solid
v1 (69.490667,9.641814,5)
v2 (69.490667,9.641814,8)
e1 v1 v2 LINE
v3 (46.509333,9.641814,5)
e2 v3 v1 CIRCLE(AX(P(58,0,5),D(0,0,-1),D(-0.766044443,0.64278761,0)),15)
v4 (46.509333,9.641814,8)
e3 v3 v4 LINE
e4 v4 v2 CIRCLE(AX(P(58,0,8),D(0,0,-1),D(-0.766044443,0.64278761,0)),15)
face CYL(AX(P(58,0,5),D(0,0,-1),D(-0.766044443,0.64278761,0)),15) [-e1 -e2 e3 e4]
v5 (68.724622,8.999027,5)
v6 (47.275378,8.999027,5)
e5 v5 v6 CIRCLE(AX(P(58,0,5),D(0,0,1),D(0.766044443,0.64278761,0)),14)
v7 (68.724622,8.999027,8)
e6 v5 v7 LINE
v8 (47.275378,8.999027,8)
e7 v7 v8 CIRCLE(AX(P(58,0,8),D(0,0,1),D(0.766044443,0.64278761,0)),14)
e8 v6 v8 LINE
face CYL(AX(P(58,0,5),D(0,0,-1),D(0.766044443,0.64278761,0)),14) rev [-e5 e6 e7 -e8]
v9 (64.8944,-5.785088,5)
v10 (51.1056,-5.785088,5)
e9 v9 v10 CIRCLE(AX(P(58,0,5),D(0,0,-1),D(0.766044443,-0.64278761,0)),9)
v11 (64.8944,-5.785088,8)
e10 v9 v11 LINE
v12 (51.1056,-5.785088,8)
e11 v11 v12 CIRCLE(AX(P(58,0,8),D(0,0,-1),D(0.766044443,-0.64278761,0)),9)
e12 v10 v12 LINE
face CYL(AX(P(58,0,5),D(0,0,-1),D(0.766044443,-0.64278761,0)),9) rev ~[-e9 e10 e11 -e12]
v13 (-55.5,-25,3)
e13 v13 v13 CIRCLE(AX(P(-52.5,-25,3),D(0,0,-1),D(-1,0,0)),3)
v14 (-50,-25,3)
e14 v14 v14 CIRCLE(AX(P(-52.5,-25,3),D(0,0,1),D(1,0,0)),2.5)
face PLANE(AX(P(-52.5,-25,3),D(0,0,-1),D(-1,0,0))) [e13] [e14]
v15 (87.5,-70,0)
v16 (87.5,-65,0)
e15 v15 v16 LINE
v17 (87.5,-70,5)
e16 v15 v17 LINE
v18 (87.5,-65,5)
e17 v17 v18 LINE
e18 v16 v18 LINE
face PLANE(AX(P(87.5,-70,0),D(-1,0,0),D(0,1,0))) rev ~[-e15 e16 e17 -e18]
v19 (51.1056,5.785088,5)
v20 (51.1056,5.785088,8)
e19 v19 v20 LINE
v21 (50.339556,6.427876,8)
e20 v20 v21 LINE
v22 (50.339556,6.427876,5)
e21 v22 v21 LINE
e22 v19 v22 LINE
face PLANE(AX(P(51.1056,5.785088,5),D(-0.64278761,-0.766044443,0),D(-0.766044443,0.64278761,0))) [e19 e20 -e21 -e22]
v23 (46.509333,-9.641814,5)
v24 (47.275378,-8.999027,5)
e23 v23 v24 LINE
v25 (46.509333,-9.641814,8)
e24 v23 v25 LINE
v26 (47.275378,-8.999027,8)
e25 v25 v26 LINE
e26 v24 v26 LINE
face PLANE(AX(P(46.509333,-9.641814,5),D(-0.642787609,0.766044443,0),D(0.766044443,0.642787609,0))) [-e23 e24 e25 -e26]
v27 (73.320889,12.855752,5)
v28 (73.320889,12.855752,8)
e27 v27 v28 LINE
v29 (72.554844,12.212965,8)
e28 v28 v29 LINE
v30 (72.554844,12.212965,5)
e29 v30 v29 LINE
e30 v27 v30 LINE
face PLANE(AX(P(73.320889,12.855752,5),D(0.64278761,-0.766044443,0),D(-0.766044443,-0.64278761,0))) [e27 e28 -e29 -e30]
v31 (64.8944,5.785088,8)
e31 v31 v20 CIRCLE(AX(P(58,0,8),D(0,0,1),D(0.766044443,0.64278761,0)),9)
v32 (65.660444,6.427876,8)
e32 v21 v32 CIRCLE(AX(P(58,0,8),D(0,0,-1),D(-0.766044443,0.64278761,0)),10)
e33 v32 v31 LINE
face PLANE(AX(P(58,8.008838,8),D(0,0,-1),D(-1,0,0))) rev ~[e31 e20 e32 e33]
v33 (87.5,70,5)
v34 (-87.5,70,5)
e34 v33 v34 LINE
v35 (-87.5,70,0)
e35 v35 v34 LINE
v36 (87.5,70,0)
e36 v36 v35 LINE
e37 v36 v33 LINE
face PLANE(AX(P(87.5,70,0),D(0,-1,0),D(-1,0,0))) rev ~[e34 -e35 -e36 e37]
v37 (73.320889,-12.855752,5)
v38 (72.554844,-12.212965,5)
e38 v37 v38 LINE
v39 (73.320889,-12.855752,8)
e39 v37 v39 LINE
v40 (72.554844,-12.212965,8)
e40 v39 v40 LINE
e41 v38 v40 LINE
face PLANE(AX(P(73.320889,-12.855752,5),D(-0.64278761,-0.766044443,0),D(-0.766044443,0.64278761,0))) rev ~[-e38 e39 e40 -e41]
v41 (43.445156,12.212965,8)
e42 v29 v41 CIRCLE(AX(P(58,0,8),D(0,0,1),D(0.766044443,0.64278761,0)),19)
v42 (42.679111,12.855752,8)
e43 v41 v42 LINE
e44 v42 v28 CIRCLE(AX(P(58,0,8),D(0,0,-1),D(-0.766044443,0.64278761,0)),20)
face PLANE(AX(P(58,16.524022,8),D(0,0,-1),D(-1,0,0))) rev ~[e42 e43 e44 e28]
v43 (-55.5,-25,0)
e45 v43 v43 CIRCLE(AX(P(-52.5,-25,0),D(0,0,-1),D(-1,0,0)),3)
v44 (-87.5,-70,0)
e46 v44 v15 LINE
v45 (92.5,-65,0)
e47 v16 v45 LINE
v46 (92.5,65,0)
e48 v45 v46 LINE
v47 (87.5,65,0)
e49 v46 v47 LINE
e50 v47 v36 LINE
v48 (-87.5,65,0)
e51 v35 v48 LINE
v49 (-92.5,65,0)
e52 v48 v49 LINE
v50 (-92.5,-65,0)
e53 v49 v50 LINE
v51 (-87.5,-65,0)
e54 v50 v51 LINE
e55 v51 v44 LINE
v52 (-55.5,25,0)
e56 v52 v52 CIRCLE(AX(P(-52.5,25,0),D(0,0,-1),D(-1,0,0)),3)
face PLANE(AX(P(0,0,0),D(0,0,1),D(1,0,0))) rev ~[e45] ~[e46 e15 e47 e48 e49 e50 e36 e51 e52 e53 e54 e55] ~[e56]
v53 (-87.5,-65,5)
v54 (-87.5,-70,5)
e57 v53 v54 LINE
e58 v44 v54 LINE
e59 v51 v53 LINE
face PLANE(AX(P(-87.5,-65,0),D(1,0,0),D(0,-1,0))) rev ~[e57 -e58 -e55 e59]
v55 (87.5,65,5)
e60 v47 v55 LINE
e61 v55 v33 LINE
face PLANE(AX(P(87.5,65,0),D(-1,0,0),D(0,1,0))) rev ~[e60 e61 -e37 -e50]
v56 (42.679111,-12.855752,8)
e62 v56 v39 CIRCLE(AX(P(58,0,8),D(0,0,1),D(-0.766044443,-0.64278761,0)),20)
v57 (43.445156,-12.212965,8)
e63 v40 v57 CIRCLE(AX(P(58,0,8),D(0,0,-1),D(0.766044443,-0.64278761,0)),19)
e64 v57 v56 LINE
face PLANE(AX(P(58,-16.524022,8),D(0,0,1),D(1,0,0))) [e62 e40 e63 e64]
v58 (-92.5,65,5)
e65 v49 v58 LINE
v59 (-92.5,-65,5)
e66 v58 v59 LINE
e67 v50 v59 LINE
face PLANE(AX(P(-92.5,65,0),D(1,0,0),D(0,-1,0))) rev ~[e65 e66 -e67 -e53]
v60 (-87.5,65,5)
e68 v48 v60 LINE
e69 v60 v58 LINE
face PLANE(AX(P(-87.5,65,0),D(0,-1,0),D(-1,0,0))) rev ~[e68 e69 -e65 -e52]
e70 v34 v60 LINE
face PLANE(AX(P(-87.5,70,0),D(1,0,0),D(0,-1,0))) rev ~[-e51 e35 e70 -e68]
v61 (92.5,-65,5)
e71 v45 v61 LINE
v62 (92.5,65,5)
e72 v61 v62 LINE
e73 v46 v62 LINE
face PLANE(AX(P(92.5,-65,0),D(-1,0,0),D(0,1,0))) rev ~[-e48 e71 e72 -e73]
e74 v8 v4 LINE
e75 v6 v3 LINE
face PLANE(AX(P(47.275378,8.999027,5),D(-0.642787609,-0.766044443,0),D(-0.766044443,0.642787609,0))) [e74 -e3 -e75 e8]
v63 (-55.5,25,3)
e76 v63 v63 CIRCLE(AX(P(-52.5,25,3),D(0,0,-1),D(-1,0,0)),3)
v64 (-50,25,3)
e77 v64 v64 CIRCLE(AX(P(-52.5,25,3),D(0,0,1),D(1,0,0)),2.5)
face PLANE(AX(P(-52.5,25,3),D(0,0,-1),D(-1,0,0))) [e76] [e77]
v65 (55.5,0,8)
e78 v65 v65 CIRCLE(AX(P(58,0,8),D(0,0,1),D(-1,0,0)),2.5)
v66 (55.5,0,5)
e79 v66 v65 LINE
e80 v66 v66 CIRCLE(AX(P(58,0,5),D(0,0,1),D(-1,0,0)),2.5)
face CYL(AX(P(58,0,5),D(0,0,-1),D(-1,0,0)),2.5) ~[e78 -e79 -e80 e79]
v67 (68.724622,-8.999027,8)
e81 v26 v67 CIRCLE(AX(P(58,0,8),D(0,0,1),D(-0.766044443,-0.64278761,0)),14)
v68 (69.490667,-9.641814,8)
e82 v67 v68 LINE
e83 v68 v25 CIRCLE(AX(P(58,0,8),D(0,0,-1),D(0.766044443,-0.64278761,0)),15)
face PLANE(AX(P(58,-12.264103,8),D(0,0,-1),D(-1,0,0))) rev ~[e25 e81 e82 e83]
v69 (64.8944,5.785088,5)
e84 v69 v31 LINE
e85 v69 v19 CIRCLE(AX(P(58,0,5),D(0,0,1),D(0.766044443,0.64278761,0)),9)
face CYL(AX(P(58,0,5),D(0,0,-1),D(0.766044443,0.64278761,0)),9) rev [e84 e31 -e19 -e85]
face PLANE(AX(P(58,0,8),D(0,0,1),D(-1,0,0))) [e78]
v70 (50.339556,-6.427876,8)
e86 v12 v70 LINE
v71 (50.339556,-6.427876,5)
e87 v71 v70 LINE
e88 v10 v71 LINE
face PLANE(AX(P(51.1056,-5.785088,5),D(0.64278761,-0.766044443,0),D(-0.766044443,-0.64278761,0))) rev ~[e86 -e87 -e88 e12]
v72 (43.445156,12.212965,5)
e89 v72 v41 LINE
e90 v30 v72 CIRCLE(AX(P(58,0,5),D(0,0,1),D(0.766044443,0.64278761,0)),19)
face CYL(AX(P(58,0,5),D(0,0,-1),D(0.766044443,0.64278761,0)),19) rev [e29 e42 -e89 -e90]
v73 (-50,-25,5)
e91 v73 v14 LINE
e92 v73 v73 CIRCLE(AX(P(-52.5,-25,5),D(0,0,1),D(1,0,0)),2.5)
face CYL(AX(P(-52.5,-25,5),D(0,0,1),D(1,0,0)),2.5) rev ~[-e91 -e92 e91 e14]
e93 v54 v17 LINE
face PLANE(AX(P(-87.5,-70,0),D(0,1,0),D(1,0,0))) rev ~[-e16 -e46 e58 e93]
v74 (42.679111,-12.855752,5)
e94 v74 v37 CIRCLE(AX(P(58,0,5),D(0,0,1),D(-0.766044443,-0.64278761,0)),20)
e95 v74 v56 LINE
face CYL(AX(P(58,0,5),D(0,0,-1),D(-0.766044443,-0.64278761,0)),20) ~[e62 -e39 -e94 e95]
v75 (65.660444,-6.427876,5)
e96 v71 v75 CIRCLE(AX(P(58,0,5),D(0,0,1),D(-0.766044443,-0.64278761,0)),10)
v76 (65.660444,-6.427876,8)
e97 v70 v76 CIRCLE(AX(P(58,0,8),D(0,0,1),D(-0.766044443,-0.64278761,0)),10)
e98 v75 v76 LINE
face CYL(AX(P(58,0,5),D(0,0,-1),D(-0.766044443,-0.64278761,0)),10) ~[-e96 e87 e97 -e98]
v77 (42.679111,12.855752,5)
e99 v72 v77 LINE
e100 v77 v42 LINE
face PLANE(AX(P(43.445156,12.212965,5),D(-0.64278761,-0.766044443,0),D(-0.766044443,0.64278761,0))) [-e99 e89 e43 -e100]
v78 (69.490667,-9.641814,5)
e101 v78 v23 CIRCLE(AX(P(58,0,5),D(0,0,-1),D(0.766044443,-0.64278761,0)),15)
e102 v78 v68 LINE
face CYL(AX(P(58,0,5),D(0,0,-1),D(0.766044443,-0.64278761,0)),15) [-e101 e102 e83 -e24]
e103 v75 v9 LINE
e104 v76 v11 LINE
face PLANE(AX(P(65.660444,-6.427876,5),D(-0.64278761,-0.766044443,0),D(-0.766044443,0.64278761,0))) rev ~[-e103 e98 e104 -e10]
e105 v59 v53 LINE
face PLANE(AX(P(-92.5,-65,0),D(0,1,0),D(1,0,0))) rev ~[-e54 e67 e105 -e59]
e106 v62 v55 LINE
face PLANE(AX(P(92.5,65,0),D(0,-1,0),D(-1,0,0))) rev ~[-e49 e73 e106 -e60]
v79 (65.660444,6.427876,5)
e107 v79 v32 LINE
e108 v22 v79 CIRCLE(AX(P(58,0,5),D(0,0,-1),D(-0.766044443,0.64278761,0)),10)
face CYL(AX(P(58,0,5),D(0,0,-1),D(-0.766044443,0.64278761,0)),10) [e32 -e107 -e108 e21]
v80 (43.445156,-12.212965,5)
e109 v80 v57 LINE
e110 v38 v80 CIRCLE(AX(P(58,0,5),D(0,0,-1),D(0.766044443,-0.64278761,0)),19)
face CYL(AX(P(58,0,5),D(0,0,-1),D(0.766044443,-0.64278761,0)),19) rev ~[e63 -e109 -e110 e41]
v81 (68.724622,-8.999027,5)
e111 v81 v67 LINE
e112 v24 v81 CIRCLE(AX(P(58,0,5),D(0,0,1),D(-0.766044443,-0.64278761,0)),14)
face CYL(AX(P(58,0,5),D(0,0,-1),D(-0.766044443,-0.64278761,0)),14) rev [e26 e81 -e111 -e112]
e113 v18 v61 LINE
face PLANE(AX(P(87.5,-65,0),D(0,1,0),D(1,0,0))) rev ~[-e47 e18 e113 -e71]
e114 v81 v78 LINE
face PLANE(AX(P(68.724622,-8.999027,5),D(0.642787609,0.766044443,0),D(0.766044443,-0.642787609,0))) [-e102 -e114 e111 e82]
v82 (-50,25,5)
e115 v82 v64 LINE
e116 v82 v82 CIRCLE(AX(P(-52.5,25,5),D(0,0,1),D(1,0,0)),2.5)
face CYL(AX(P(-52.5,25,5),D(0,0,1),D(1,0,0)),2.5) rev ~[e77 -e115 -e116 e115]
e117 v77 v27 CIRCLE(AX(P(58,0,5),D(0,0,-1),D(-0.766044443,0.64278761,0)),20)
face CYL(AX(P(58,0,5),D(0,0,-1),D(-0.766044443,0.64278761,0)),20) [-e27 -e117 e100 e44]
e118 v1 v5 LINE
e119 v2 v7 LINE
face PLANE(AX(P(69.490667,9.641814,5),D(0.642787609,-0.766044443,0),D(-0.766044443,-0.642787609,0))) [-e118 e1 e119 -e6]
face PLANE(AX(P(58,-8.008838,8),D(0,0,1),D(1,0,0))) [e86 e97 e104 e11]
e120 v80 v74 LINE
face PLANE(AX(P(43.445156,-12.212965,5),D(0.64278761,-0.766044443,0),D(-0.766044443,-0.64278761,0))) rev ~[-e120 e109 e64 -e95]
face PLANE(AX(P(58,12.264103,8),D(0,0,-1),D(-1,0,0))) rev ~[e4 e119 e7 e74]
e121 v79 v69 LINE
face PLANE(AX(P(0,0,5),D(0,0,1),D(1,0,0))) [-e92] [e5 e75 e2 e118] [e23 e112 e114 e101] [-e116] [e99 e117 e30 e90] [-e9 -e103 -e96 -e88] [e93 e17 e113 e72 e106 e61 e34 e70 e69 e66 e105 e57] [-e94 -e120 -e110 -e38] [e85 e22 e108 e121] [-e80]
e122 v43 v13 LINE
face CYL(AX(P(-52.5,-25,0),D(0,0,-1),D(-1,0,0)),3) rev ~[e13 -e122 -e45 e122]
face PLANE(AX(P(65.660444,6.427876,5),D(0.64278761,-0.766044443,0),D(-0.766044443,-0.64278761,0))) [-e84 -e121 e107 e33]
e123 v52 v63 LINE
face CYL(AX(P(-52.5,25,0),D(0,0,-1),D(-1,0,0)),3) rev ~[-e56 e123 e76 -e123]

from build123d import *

# Parameters (mm, degrees)
BOSS_EXTRUDE1_DEPTH = 5
SKETCH2_R           = 2.5
CUT_EXTRUDE1_DEPTH  = 5
SKETCH3_R           = 3
CUT_EXTRUDE2_DEPTH  = 3
SKETCH4_R           = 2.5
BOSS_EXTRUDE2_DEPTH = 3


with BuildPart() as part:
    # Sketch1 → Boss-Extrude1 (new body)
    with BuildSketch(Plane.XY):
        Polygon((-87.5, 70), (-87.5, 65), (-92.5, 65), (-92.5, -65), (-87.5, -65), (-87.5, -70), (87.5, -70), (87.5, -65), (92.5, -65), (92.5, 65), (87.5, 65), (87.5, 70), align=None)
    extrude(amount=BOSS_EXTRUDE1_DEPTH)

    # Sketch2 → Cut-Extrude1 (cut)
    with BuildSketch(Plane.XY.offset(5)):
        with Locations((-52.5, -25)):
            Circle(SKETCH2_R)
        with Locations((-52.5, 25)):
            Circle(SKETCH2_R)
    extrude(amount=-CUT_EXTRUDE1_DEPTH, mode=Mode.SUBTRACT)

    # Sketch3 → Cut-Extrude2 (cut)
    with BuildSketch(Plane(origin=(0, 0, 0), x_dir=(-1, 0, 0), z_dir=(0, 0, -1))):
        with Locations((52.5, 25)):
            Circle(SKETCH3_R)
        with Locations((52.5, -25)):
            Circle(SKETCH3_R)
    extrude(amount=-CUT_EXTRUDE2_DEPTH, mode=Mode.SUBTRACT)

    # Sketch4 → Boss-Extrude2 (add)
    with BuildSketch(Plane.XY.offset(5)):
        with Locations(Location((58, 0, 0), (0, 0, 180))):
            Circle(SKETCH4_R)
        with BuildLine():
            Line((51.105600012, -5.785088487), (50.339555569, -6.427876097))
            ThreePointArc((50.339555569, -6.427876097), (58, -10), (65.660444431, -6.427876097))
            Line((65.660444431, -6.427876097), (64.894399988, -5.785088487))
            ThreePointArc((64.894399988, -5.785088487), (58, -9), (51.105600012, -5.785088487))
        make_face()
        with BuildLine():
            Line((68.724622204, -8.999026536), (69.490666647, -9.641814145))
            ThreePointArc((69.490666647, -9.641814145), (58, -15), (46.509333353, -9.641814145))
            Line((46.509333353, -9.641814145), (47.275377796, -8.999026536))
            ThreePointArc((47.275377796, -8.999026536), (58, -14), (68.724622204, -8.999026536))
        make_face()
        with BuildLine():
            Line((43.445155581, 12.212964584), (42.679111138, 12.855752194))
            ThreePointArc((42.679111138, 12.855752194), (58, 20), (73.320888862, 12.855752194))
            Line((73.320888862, 12.855752194), (72.554844419, 12.212964584))
            ThreePointArc((72.554844419, 12.212964584), (58, 19), (43.445155581, 12.212964584))
        make_face()
        with BuildLine():
            Line((47.275377796, 8.999026536), (46.509333353, 9.641814145))
            ThreePointArc((46.509333353, 9.641814145), (58, 15), (69.490666647, 9.641814145))
            Line((69.490666647, 9.641814145), (68.724622204, 8.999026536))
            ThreePointArc((68.724622204, 8.999026536), (58, 14), (47.275377796, 8.999026536))
        make_face()
        with BuildLine():
            Line((51.105600012, 5.785088487), (50.339555569, 6.427876097))
            ThreePointArc((50.339555569, 6.427876097), (58, 10), (65.660444431, 6.427876097))
            Line((65.660444431, 6.427876097), (64.894399988, 5.785088487))
            ThreePointArc((64.894399988, 5.785088487), (58, 9), (51.105600012, 5.785088487))
        make_face()
        with BuildLine():
            Line((43.445155581, -12.212964584), (42.679111138, -12.855752194))
            ThreePointArc((42.679111138, -12.855752194), (58, -20), (73.320888862, -12.855752194))
            Line((73.320888862, -12.855752194), (72.554844419, -12.212964584))
            ThreePointArc((72.554844419, -12.212964584), (58, -19), (43.445155581, -12.212964584))
        make_face()
    extrude(amount=BOSS_EXTRUDE2_DEPTH)


solid = part.part
